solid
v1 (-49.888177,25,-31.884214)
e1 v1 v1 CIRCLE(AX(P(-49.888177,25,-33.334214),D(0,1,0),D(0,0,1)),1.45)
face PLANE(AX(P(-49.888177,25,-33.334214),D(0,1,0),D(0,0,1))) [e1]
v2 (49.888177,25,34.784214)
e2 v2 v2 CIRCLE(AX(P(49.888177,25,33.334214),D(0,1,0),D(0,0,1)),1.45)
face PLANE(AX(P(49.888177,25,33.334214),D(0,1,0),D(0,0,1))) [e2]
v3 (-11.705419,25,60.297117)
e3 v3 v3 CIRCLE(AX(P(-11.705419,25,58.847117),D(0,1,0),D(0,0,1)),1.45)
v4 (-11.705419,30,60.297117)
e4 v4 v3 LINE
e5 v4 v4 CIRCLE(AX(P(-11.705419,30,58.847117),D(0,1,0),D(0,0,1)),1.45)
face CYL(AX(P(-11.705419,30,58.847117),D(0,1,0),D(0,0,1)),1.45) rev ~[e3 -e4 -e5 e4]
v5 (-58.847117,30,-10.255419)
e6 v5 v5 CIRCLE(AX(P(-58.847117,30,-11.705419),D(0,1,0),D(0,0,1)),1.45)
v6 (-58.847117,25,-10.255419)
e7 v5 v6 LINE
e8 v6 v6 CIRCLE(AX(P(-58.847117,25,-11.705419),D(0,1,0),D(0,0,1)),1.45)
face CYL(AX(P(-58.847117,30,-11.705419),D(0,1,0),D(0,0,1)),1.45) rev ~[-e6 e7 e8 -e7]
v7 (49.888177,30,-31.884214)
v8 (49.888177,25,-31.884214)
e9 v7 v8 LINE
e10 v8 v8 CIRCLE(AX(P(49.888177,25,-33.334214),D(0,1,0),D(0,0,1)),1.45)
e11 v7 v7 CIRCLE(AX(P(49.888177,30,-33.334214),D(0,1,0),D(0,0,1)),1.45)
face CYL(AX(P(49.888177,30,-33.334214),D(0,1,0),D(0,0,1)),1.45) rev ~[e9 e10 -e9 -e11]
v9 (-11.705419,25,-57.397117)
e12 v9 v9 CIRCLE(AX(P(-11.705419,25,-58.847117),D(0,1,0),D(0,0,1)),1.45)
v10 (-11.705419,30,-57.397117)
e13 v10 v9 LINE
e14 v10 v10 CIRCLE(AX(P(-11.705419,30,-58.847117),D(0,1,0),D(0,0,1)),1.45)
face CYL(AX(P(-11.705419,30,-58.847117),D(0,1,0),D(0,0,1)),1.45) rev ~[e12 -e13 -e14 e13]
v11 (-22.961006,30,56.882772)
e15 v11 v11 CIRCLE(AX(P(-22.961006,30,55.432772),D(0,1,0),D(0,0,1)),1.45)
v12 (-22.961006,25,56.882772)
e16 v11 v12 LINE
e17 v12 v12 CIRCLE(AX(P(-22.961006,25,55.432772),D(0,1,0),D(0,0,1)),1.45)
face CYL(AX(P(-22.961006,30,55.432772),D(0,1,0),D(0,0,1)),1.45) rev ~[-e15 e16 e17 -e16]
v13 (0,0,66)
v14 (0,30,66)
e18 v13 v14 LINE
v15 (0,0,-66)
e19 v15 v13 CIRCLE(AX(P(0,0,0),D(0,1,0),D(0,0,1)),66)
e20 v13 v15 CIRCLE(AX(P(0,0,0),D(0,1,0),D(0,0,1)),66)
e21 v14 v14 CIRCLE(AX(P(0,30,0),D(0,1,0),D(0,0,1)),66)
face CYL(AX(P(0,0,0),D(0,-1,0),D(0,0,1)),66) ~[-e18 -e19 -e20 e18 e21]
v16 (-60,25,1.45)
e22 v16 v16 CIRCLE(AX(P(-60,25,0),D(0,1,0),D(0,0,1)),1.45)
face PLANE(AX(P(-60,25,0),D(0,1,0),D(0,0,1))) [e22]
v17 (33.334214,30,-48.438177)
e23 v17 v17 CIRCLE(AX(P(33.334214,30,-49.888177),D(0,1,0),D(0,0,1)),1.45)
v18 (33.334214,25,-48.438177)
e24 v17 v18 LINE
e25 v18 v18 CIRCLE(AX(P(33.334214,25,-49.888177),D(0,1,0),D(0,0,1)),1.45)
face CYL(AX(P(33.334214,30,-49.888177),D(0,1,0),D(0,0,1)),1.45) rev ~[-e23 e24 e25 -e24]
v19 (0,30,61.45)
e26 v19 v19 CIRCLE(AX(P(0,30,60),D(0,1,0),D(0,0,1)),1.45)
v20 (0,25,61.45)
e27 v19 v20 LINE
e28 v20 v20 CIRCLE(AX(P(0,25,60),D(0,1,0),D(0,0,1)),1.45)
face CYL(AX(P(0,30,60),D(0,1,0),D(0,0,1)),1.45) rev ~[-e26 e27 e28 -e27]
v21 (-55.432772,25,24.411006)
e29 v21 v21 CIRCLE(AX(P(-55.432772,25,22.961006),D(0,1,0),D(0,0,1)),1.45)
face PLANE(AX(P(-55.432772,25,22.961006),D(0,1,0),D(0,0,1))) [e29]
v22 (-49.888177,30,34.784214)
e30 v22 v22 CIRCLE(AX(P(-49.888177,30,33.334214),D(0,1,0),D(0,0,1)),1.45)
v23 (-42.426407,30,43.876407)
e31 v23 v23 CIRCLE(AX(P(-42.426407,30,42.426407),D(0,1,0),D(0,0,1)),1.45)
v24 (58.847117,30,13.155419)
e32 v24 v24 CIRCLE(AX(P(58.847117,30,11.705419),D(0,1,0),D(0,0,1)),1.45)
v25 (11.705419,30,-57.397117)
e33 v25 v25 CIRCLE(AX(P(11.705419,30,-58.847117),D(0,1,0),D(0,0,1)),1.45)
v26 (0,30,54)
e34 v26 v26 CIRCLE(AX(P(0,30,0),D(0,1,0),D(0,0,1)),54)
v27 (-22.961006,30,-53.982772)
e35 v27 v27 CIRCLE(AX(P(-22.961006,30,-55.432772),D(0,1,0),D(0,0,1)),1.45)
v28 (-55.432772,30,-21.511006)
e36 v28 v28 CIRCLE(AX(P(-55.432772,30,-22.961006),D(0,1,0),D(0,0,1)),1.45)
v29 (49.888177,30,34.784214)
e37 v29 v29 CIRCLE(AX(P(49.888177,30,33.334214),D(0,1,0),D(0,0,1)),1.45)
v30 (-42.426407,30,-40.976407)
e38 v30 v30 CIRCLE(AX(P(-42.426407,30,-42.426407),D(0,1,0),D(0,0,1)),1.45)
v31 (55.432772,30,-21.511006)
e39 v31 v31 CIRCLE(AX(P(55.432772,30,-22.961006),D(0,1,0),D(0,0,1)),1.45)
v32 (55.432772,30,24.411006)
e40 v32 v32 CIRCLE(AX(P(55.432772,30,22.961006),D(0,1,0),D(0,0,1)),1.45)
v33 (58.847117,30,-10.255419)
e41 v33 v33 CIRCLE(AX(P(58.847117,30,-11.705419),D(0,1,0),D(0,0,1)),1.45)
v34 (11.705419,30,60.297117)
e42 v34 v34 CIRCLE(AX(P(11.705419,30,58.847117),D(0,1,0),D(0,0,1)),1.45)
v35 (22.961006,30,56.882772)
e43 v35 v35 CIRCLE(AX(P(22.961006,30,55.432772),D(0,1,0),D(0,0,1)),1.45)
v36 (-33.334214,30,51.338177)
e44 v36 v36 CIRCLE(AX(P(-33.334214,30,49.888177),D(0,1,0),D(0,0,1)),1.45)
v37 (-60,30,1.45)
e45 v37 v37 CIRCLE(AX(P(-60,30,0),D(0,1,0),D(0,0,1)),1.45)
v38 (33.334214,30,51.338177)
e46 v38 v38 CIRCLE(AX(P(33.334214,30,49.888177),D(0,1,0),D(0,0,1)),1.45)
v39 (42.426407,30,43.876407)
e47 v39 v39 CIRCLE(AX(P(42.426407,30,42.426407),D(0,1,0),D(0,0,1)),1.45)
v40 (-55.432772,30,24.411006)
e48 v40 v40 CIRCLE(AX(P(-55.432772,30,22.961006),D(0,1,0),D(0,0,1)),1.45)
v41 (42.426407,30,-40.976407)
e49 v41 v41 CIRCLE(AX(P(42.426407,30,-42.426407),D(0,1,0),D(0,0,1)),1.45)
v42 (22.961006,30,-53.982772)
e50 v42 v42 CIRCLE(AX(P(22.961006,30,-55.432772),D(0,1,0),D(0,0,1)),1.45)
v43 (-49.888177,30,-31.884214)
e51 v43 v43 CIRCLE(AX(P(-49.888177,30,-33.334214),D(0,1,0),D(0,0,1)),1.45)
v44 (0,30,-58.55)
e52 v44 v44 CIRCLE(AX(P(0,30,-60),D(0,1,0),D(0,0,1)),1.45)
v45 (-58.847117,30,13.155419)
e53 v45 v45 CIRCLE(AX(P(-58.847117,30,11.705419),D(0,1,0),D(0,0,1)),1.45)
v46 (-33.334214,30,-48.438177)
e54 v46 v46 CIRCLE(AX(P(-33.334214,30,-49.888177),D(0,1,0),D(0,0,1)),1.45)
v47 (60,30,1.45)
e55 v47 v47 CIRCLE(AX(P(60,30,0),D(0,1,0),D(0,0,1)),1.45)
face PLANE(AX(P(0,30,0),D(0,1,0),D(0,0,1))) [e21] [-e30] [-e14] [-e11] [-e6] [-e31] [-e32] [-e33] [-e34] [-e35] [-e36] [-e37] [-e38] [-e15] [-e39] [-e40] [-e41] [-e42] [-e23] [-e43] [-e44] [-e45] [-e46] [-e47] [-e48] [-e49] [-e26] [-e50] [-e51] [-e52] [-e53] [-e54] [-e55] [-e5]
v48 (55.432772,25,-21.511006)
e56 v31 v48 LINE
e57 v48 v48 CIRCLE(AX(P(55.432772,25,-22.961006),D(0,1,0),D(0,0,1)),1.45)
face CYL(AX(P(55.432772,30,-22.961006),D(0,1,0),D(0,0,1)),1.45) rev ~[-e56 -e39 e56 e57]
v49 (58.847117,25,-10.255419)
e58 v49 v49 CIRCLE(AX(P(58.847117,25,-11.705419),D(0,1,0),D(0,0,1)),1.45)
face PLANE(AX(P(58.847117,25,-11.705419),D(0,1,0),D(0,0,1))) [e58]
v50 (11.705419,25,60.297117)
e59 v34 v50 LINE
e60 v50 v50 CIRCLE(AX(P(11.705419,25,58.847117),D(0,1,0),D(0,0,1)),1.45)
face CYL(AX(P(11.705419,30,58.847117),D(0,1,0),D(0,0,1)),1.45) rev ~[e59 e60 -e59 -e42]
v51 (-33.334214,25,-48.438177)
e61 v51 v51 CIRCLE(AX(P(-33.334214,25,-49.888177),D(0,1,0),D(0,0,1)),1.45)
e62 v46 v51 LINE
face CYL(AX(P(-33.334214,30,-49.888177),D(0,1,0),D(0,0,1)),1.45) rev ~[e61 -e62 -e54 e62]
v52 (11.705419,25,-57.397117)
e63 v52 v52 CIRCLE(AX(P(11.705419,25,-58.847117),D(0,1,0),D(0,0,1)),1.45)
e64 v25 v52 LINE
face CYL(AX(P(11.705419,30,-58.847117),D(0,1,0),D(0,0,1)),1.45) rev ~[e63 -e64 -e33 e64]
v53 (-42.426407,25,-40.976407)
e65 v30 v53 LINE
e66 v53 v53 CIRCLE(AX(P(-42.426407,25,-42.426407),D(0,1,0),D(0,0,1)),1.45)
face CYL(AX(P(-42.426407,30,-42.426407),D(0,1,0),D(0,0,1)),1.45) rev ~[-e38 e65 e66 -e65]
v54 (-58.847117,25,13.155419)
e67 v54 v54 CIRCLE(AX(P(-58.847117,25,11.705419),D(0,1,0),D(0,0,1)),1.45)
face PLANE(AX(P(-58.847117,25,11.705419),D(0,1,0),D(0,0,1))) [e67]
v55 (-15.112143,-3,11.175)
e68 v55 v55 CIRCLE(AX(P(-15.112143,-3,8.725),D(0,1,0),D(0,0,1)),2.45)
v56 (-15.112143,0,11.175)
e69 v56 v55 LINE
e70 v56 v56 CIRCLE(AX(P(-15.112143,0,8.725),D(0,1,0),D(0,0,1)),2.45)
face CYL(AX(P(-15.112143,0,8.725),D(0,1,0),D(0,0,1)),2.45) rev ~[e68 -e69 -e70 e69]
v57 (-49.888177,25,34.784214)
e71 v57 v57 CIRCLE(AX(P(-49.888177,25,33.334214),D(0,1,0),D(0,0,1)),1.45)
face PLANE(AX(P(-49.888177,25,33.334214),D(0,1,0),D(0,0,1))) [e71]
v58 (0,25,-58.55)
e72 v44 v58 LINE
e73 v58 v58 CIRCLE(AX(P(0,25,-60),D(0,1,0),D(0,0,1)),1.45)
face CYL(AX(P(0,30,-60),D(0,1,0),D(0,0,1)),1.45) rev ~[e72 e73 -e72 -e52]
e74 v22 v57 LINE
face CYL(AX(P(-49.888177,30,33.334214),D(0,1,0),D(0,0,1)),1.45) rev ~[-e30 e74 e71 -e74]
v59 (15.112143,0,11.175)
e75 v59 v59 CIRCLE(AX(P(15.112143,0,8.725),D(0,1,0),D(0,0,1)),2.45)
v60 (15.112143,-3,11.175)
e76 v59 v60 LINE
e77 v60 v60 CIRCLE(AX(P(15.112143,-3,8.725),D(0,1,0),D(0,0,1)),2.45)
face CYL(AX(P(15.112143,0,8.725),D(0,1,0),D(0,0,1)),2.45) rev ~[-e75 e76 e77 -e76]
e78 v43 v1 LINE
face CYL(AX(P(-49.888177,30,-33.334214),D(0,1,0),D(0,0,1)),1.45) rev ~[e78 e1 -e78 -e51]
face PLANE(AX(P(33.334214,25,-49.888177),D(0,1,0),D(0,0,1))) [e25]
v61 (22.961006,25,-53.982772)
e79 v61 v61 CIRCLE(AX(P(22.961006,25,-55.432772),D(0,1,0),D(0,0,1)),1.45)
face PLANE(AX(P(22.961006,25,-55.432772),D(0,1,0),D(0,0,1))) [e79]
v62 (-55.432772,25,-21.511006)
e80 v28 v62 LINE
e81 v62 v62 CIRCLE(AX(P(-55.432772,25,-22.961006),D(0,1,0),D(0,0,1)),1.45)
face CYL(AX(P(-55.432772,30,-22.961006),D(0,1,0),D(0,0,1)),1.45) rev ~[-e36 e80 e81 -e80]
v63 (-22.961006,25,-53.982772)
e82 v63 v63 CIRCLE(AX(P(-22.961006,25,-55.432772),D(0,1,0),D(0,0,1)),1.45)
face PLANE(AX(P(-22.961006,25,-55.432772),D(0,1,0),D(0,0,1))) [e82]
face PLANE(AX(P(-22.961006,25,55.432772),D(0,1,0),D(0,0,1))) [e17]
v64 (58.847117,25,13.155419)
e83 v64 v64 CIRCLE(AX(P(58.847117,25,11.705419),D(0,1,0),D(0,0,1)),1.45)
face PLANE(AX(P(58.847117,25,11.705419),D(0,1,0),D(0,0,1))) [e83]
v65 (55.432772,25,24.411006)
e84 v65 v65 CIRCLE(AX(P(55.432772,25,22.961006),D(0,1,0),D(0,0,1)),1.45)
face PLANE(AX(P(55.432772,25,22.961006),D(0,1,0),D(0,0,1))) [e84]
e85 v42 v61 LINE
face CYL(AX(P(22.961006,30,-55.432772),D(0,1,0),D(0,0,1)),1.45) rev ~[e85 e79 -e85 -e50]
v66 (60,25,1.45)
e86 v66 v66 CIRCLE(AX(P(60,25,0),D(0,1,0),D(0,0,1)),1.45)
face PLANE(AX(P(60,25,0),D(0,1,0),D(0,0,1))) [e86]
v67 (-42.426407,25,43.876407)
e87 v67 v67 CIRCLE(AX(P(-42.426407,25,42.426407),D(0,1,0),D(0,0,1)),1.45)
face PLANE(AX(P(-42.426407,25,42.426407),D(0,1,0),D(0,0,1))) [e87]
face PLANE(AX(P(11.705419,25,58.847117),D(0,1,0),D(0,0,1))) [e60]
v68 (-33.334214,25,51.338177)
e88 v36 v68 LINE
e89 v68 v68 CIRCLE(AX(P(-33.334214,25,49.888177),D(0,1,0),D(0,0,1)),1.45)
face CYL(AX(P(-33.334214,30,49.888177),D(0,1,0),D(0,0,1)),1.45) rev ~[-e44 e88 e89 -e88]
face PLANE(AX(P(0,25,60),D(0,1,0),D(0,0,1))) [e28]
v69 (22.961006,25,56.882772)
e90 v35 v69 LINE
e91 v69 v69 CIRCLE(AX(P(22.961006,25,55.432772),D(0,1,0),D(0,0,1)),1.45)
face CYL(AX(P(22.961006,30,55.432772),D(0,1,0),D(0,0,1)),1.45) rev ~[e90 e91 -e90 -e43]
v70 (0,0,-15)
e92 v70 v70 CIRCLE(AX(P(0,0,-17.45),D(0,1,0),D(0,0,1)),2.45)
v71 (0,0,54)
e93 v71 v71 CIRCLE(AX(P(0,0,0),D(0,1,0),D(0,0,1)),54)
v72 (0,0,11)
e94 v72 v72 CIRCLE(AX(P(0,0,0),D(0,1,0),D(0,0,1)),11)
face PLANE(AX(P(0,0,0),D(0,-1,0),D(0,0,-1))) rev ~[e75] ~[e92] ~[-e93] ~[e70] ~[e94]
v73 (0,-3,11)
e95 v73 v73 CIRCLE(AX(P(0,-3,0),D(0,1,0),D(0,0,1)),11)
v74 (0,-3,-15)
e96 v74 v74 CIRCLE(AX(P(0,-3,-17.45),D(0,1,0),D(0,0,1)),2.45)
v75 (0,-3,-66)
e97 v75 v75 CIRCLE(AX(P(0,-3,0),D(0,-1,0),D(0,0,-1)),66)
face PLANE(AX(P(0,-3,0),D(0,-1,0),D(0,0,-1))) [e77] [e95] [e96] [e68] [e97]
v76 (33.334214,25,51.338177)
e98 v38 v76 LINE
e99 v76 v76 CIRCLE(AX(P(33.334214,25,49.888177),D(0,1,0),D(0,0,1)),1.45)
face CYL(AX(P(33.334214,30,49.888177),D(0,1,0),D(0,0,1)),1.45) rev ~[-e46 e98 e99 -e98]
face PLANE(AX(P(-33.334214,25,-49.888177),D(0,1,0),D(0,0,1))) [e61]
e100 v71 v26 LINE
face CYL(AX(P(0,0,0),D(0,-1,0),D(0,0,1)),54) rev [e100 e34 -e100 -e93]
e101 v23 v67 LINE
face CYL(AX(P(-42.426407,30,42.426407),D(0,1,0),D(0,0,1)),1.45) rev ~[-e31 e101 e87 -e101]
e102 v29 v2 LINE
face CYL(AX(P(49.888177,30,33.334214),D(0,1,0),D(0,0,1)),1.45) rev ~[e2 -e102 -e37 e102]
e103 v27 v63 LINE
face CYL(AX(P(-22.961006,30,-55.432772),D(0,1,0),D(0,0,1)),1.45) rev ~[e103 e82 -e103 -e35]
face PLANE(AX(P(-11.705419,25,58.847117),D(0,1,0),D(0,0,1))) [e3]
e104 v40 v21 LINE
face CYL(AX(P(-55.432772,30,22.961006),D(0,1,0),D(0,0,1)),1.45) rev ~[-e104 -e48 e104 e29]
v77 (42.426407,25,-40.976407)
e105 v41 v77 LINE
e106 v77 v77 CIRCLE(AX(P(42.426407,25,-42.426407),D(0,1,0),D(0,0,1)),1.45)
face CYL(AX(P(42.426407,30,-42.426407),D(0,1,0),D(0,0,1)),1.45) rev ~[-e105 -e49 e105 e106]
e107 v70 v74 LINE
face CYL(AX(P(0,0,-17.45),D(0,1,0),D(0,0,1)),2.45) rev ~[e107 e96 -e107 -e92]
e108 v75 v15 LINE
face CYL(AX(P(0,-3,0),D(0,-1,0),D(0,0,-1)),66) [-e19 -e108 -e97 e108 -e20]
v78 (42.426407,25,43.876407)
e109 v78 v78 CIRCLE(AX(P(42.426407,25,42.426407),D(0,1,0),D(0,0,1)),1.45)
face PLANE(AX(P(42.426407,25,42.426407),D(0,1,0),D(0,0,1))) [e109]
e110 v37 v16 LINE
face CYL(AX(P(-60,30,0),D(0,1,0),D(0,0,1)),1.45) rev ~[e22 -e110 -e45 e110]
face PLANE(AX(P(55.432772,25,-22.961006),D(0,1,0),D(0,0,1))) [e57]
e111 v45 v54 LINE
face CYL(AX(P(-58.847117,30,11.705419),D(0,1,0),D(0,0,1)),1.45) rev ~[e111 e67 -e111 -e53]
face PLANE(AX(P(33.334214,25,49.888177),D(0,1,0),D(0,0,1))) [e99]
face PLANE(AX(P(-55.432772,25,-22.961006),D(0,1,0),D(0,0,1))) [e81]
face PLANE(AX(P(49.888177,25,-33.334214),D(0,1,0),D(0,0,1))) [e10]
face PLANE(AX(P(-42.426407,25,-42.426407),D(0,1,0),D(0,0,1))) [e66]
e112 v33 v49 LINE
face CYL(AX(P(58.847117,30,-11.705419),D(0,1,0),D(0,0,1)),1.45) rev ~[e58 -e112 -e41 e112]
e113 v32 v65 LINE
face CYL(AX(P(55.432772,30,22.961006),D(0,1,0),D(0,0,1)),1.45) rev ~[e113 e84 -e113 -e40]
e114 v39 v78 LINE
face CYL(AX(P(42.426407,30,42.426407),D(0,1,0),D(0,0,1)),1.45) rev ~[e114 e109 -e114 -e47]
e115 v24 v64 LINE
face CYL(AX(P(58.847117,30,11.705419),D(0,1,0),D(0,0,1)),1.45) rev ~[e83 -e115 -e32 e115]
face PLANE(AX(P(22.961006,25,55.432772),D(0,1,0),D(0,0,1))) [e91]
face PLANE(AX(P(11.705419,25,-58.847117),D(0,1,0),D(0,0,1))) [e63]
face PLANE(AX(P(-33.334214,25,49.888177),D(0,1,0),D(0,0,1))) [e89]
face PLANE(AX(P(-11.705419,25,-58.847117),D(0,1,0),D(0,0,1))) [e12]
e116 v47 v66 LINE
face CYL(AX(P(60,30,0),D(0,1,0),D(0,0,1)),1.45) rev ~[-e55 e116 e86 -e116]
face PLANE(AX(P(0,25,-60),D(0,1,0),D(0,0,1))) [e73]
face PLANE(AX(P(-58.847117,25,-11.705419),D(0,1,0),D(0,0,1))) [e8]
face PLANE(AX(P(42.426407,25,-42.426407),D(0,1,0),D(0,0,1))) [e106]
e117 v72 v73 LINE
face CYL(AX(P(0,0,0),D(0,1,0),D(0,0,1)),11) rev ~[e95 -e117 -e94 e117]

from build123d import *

# Parameters (mm, degrees)
SKETCH1_R           = 66
SKETCH1_R_2         = 54
BOSS_EXTRUDE1_DEPTH = 30
SKETCH2_R           = 1.45
CUT_EXTRUDE1_DEPTH  = 5
BOSS_EXTRUDE2_START = 3
SKETCH3_R           = 66
BOSS_EXTRUDE2_DEPTH = 3
SKETCH4_R           = 11
SKETCH4_R_2         = 2.45
CUT_EXTRUDE2_DEPTH  = 99.04080783


with BuildPart() as part:
    # Sketch1 → Boss-Extrude1 (new body)
    with BuildSketch(Plane(origin=(0, 0, 0), x_dir=(1, 0, 0), z_dir=(0, 1, 0))):
        with Locations(Location((0, 0, 0), (0, 0, 270))):
            Circle(SKETCH1_R)
        with Locations(Location((0, 0, 0), (0, 0, 270))):
            Circle(SKETCH1_R_2, mode=Mode.SUBTRACT)
    extrude(amount=BOSS_EXTRUDE1_DEPTH)

    # Sketch2 → Cut-Extrude1 (cut)
    with BuildSketch(Plane(origin=(0, 30, 0), x_dir=(1, 0, 0), z_dir=(0, 1, 0))):
        with Locations(Location((0, 60, 0), (0, 0, 270))):
            Circle(SKETCH2_R)
        with Locations(Location((11.705419321, 58.847116824, 0), (0, 0, 270))):
            Circle(SKETCH2_R)
        with Locations(Location((22.961005942, 55.432771951, 0), (0, 0, 270))):
            Circle(SKETCH2_R)
        with Locations(Location((33.334213981, 49.888176738, 0), (0, 0, 270))):
            Circle(SKETCH2_R)
        with Locations(Location((42.426406871, 42.426406871, 0), (0, 0, 270))):
            Circle(SKETCH2_R)
        with Locations(Location((49.888176738, 33.334213981, 0), (0, 0, 270))):
            Circle(SKETCH2_R)
        with Locations(Location((55.432771951, 22.961005942, 0), (0, 0, 270))):
            Circle(SKETCH2_R)
        with Locations(Location((58.847116824, 11.705419321, 0), (0, 0, 270))):
            Circle(SKETCH2_R)
        with Locations(Location((60, 0, 0), (0, 0, 270))):
            Circle(SKETCH2_R)
        with Locations(Location((58.847116824, -11.705419321, 0), (0, 0, 270))):
            Circle(SKETCH2_R)
        with Locations(Location((55.432771951, -22.961005942, 0), (0, 0, 270))):
            Circle(SKETCH2_R)
        with Locations(Location((49.888176738, -33.334213981, 0), (0, 0, 270))):
            Circle(SKETCH2_R)
        with Locations(Location((42.426406871, -42.426406871, 0), (0, 0, 270))):
            Circle(SKETCH2_R)
        with Locations(Location((33.334213981, -49.888176738, 0), (0, 0, 270))):
            Circle(SKETCH2_R)
        with Locations(Location((22.961005942, -55.432771951, 0), (0, 0, 270))):
            Circle(SKETCH2_R)
        with Locations(Location((11.705419321, -58.847116824, 0), (0, 0, 270))):
            Circle(SKETCH2_R)
        with Locations(Location((0, -60, 0), (0, 0, 270))):
            Circle(SKETCH2_R)
        with Locations(Location((-11.705419321, -58.847116824, 0), (0, 0, 270))):
            Circle(SKETCH2_R)
        with Locations(Location((-22.961005942, -55.432771951, 0), (0, 0, 270))):
            Circle(SKETCH2_R)
        with Locations(Location((-33.334213981, -49.888176738, 0), (0, 0, 270))):
            Circle(SKETCH2_R)
        with Locations(Location((-42.426406871, -42.426406871, 0), (0, 0, 270))):
            Circle(SKETCH2_R)
        with Locations(Location((-49.888176738, -33.334213981, 0), (0, 0, 270))):
            Circle(SKETCH2_R)
        with Locations(Location((-55.432771951, -22.961005942, 0), (0, 0, 270))):
            Circle(SKETCH2_R)
        with Locations(Location((-58.847116824, -11.705419321, 0), (0, 0, 270))):
            Circle(SKETCH2_R)
        with Locations(Location((-60, 0, 0), (0, 0, 270))):
            Circle(SKETCH2_R)
        with Locations(Location((-58.847116824, 11.705419321, 0), (0, 0, 270))):
            Circle(SKETCH2_R)
        with Locations(Location((-55.432771951, 22.961005942, 0), (0, 0, 270))):
            Circle(SKETCH2_R)
        with Locations(Location((-49.888176738, 33.334213981, 0), (0, 0, 270))):
            Circle(SKETCH2_R)
        with Locations(Location((-42.426406871, 42.426406871, 0), (0, 0, 270))):
            Circle(SKETCH2_R)
        with Locations(Location((-33.334213981, 49.888176738, 0), (0, 0, 270))):
            Circle(SKETCH2_R)
        with Locations(Location((-22.961005942, 55.432771951, 0), (0, 0, 270))):
            Circle(SKETCH2_R)
        with Locations(Location((-11.705419321, 58.847116824, 0), (0, 0, 270))):
            Circle(SKETCH2_R)
    extrude(amount=-CUT_EXTRUDE1_DEPTH, mode=Mode.SUBTRACT)

    # Sketch3 → Boss-Extrude2 (add)
    with BuildSketch(Plane.XZ.offset(BOSS_EXTRUDE2_START)):
        with Locations(Location((0, 0, 0), (0, 0, 270))):
            Circle(SKETCH3_R)
    extrude(amount=-BOSS_EXTRUDE2_DEPTH)

    # Sketch4 → Cut-Extrude2 (cut, through all)
    with BuildSketch(Plane(origin=(0, 0, 0), x_dir=(1, 0, 0), z_dir=(0, 1, 0))):
        with Locations(Location((0, 0, 0), (0, 0, 270))):
            Circle(SKETCH4_R)
        with Locations(Location((0, 17.45, 0), (0, 0, 270))):
            Circle(SKETCH4_R_2)
        with Locations(Location((-15.112143296, -8.725, 0), (0, 0, 270))):
            Circle(SKETCH4_R_2)
        with Locations(Location((15.112143296, -8.725, 0), (0, 0, 270))):
            Circle(SKETCH4_R_2)
    extrude(amount=-CUT_EXTRUDE2_DEPTH, mode=Mode.SUBTRACT)


solid = part.part
